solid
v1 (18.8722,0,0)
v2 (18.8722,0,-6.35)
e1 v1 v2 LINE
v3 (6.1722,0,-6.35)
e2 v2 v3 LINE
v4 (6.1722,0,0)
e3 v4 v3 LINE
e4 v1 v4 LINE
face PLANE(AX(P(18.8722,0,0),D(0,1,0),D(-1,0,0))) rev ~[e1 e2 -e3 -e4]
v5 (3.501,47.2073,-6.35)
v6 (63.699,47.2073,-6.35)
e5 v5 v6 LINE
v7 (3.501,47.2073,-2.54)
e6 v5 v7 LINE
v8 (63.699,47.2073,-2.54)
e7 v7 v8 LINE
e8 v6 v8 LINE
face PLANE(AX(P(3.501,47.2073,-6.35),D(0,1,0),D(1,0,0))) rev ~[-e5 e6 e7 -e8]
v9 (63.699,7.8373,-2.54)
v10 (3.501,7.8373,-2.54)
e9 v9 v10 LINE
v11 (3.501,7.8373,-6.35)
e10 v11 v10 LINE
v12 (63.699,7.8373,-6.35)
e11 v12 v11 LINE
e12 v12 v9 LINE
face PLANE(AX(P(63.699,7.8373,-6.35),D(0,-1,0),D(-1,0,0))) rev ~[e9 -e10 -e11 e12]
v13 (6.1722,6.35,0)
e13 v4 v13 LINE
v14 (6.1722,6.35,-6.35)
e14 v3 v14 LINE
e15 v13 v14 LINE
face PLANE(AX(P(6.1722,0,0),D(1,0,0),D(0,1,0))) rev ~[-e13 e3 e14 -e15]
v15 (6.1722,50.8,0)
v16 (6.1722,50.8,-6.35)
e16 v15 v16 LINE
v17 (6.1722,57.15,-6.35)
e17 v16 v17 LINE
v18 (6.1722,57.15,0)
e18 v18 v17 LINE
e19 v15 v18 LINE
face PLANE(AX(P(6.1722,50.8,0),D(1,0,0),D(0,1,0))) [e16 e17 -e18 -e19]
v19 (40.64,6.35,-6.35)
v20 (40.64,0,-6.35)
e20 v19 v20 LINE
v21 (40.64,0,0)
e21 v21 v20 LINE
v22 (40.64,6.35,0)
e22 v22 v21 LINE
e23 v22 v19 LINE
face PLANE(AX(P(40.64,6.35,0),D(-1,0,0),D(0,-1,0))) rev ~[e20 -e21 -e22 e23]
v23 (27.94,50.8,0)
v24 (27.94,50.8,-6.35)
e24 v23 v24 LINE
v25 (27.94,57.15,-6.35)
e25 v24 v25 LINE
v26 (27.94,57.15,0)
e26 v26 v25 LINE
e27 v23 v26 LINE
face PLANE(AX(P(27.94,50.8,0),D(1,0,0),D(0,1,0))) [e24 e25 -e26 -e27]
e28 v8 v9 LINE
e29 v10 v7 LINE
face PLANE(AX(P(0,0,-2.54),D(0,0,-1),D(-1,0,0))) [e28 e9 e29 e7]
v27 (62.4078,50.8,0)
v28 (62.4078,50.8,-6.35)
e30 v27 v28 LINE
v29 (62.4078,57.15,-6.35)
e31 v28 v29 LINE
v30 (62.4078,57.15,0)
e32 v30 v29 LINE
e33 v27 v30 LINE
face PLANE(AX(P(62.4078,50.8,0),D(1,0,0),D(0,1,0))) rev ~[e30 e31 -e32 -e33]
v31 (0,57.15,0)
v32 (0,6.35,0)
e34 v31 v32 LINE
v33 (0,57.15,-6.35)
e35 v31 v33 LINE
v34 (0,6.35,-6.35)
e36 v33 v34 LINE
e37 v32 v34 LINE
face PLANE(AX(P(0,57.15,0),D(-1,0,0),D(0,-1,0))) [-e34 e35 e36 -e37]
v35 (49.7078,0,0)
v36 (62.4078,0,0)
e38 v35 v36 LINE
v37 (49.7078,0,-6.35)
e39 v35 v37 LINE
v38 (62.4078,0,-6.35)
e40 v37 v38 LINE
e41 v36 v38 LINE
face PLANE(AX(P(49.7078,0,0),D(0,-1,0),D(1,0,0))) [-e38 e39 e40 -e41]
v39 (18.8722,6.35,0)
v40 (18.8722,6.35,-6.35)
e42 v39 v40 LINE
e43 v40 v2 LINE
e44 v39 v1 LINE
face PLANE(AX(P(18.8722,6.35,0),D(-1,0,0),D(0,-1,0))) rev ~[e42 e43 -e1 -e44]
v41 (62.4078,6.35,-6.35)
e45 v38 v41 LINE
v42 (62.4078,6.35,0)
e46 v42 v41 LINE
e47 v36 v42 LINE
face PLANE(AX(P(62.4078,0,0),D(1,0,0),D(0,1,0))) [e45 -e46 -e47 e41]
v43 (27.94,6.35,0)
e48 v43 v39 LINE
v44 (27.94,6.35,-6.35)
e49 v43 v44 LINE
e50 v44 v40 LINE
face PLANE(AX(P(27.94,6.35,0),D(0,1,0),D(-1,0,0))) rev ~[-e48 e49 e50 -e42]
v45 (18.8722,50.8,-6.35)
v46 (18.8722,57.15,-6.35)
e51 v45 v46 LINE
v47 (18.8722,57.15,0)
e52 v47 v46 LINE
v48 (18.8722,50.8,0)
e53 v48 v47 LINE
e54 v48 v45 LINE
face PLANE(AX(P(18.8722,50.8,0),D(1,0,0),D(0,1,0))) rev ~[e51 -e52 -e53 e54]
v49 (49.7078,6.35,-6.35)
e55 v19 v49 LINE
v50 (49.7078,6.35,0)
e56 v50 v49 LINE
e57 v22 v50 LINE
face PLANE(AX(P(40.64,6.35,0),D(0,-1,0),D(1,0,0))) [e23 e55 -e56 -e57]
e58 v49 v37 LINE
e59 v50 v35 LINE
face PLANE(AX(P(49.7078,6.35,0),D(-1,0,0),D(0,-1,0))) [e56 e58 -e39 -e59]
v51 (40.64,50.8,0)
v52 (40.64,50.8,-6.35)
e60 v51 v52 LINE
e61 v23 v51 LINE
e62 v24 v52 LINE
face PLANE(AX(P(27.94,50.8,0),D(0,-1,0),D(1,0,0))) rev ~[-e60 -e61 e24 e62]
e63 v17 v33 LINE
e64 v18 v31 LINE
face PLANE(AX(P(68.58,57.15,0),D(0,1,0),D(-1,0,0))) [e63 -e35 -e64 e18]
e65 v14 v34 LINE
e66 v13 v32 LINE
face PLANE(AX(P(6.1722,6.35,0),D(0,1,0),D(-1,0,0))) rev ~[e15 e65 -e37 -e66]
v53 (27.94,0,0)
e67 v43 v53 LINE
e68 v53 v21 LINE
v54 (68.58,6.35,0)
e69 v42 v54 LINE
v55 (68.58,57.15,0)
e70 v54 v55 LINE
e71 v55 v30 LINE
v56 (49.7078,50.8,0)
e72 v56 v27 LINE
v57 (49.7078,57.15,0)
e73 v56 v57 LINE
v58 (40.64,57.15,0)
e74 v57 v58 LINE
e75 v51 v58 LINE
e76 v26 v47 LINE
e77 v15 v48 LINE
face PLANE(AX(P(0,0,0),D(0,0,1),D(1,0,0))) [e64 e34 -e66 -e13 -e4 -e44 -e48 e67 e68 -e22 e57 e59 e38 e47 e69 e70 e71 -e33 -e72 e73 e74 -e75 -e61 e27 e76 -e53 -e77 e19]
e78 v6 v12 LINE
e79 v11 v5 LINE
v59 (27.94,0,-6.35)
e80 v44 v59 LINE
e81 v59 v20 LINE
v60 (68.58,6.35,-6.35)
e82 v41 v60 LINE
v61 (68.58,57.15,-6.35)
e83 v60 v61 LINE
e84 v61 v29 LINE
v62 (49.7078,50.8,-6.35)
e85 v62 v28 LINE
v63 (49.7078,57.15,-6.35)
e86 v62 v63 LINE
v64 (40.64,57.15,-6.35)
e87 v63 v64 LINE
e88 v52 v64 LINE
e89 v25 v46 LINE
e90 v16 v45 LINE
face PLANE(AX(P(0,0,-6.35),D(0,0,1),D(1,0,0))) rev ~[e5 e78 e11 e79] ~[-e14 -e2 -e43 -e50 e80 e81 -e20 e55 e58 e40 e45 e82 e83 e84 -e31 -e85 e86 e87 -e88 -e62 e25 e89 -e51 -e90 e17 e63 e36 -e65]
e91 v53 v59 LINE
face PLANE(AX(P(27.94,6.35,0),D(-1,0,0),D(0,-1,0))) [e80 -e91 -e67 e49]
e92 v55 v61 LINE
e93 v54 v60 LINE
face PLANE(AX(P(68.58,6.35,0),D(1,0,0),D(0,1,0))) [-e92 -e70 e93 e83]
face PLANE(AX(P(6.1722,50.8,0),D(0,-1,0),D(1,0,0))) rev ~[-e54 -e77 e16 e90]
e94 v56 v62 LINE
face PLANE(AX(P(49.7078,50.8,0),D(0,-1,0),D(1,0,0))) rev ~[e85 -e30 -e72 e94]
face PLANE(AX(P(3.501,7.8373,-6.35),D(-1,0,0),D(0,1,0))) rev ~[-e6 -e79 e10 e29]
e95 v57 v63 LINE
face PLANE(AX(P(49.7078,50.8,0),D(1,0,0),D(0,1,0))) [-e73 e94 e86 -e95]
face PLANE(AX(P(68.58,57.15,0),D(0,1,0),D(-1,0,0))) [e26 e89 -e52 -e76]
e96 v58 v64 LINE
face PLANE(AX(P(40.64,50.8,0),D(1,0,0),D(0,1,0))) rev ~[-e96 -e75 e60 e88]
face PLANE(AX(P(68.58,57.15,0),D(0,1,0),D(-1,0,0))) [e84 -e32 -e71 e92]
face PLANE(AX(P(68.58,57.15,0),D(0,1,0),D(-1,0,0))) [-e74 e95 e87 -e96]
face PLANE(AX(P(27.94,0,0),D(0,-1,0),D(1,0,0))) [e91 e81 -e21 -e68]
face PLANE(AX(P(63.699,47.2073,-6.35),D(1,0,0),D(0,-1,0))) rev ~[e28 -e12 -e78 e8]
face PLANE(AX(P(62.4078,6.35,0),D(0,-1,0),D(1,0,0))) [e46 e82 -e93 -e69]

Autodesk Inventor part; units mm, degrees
ref_plane "YZ Plane" through (0, 0, 0) normal (1, 0, 0) x (0, 1, 0)
ref_plane "XZ Plane" through (0, 0, 0) normal (0, 1, 0) x (-1, 0, 0)
ref_plane "XY Plane" through (0, 0, 0) normal (0, 0, 1) x (1, 0, 0)
sketch "Sketch1" plane through (0, 0, 0) normal (0, 0, 1) x (1, 0, 0)
  line L0 (68.58, 6.35) -> (68.58, 57.15)
  line L1 (68.58, 57.15) -> (0, 57.15)
  line L2 (0, 57.15) -> (0, 6.35)
  line L3 (40.64, 6.35) -> (40.64, 0)
  line L4 (27.94, 6.35) -> (27.94, 0)
  line L5 (27.94, 0) -> (40.64, 0)
  line L6 (27.94, 6.35) -> (18.8722, 6.35)
  line L7 (18.8722, 6.35) -> (18.8722, 0)
  line L8 (18.8722, 0) -> (6.1722, 0)
  line L9 (6.1722, 0) -> (6.1722, 6.35)
  line L10 (40.64, 6.35) -> (49.7078, 6.35)
  line L11 (49.7078, 6.35) -> (49.7078, 0)
  line L12 (49.7078, 0) -> (62.4078, 0)
  line L13 (62.4078, 0) -> (62.4078, 6.35)
  line L14 (6.1722, 0) -> (18.8722, 0)
  line L15 (27.94, 0) -> (40.64, 0)
  line L16 (49.7078, 0) -> (62.4078, 0)
  line L17 (27.94, 6.35) -> (18.8722, 6.35)
  line L18 (6.1722, 6.35) -> (0, 6.35)
  line L19 (40.64, 6.35) -> (49.7078, 6.35)
  line L20 (62.4078, 6.35) -> (68.58, 6.35)
  point P0 (0, 0)
  dimension "d0" = 68.58
  dimension "d1" = 50.8
extrude "Extrusion1" add sketch "Sketch1" against normal blind 6.35
sketch "Sketch2" plane through (0, 0, 0) normal (0, 0, 1) x (1, 0, 0)
  line L0 (0, 6.35) -> (6.1722, 6.35) projected
  line L1 (6.1722, 50.8) -> (6.1722, 57.15)
  line L2 (0, 57.15) -> (68.58, 57.15) projected
  line L3 (49.7078, 6.35) -> (40.64, 6.35) projected
  line L4 (40.64, 50.8) -> (40.64, 57.15)
  line L5 (18.8722, 0) -> (18.8722, 6.35) projected
  line L6 (18.8722, 50.8) -> (18.8722, 57.15)
  line L7 (27.94, 0) -> (27.94, 6.35) projected
  line L8 (27.94, 50.8) -> (27.94, 57.15)
  line L9 (49.7078, 50.8) -> (49.7078, 57.15)
  line L10 (68.58, 6.35) -> (62.4078, 6.35) projected
  line L11 (62.4078, 50.8) -> (62.4078, 57.15)
  line L12 (0, 57.15) -> (0, 50.8)
  line L13 (68.58, 57.15) -> (68.58, 6.35) projected
  line L14 (49.7078, 50.8) -> (62.4078, 50.8)
  line L15 (6.1722, 50.8) -> (18.8722, 50.8)
  line L16 (27.94, 50.8) -> (40.64, 50.8)
  line L17 (27.94, 57.15) -> (40.64, 57.15)
  point P0 (0, 0)
extrude "Extrusion2" cut sketch "Sketch2" against normal blind 6.35
sketch "Sketch3" plane through (0, 0, -6.35) normal (0, 0, -1) x (-1, 0, 0)
  line L0 (-63.699, 7.8373) -> (-3.501, 7.8373)
  line L1 (-3.501, 7.8373) -> (-3.501, 47.2073)
  line L2 (-3.501, 47.2073) -> (-63.699, 47.2073)
  line L3 (-63.699, 47.2073) -> (-63.699, 7.8373)
  point P0 (0, 0)
  dimension "d15" = 60.198
  dimension "d16" = 39.37
extrude "Extrusion3" cut sketch "Sketch3" against normal blind 3.81
properties part number "front-flat"
